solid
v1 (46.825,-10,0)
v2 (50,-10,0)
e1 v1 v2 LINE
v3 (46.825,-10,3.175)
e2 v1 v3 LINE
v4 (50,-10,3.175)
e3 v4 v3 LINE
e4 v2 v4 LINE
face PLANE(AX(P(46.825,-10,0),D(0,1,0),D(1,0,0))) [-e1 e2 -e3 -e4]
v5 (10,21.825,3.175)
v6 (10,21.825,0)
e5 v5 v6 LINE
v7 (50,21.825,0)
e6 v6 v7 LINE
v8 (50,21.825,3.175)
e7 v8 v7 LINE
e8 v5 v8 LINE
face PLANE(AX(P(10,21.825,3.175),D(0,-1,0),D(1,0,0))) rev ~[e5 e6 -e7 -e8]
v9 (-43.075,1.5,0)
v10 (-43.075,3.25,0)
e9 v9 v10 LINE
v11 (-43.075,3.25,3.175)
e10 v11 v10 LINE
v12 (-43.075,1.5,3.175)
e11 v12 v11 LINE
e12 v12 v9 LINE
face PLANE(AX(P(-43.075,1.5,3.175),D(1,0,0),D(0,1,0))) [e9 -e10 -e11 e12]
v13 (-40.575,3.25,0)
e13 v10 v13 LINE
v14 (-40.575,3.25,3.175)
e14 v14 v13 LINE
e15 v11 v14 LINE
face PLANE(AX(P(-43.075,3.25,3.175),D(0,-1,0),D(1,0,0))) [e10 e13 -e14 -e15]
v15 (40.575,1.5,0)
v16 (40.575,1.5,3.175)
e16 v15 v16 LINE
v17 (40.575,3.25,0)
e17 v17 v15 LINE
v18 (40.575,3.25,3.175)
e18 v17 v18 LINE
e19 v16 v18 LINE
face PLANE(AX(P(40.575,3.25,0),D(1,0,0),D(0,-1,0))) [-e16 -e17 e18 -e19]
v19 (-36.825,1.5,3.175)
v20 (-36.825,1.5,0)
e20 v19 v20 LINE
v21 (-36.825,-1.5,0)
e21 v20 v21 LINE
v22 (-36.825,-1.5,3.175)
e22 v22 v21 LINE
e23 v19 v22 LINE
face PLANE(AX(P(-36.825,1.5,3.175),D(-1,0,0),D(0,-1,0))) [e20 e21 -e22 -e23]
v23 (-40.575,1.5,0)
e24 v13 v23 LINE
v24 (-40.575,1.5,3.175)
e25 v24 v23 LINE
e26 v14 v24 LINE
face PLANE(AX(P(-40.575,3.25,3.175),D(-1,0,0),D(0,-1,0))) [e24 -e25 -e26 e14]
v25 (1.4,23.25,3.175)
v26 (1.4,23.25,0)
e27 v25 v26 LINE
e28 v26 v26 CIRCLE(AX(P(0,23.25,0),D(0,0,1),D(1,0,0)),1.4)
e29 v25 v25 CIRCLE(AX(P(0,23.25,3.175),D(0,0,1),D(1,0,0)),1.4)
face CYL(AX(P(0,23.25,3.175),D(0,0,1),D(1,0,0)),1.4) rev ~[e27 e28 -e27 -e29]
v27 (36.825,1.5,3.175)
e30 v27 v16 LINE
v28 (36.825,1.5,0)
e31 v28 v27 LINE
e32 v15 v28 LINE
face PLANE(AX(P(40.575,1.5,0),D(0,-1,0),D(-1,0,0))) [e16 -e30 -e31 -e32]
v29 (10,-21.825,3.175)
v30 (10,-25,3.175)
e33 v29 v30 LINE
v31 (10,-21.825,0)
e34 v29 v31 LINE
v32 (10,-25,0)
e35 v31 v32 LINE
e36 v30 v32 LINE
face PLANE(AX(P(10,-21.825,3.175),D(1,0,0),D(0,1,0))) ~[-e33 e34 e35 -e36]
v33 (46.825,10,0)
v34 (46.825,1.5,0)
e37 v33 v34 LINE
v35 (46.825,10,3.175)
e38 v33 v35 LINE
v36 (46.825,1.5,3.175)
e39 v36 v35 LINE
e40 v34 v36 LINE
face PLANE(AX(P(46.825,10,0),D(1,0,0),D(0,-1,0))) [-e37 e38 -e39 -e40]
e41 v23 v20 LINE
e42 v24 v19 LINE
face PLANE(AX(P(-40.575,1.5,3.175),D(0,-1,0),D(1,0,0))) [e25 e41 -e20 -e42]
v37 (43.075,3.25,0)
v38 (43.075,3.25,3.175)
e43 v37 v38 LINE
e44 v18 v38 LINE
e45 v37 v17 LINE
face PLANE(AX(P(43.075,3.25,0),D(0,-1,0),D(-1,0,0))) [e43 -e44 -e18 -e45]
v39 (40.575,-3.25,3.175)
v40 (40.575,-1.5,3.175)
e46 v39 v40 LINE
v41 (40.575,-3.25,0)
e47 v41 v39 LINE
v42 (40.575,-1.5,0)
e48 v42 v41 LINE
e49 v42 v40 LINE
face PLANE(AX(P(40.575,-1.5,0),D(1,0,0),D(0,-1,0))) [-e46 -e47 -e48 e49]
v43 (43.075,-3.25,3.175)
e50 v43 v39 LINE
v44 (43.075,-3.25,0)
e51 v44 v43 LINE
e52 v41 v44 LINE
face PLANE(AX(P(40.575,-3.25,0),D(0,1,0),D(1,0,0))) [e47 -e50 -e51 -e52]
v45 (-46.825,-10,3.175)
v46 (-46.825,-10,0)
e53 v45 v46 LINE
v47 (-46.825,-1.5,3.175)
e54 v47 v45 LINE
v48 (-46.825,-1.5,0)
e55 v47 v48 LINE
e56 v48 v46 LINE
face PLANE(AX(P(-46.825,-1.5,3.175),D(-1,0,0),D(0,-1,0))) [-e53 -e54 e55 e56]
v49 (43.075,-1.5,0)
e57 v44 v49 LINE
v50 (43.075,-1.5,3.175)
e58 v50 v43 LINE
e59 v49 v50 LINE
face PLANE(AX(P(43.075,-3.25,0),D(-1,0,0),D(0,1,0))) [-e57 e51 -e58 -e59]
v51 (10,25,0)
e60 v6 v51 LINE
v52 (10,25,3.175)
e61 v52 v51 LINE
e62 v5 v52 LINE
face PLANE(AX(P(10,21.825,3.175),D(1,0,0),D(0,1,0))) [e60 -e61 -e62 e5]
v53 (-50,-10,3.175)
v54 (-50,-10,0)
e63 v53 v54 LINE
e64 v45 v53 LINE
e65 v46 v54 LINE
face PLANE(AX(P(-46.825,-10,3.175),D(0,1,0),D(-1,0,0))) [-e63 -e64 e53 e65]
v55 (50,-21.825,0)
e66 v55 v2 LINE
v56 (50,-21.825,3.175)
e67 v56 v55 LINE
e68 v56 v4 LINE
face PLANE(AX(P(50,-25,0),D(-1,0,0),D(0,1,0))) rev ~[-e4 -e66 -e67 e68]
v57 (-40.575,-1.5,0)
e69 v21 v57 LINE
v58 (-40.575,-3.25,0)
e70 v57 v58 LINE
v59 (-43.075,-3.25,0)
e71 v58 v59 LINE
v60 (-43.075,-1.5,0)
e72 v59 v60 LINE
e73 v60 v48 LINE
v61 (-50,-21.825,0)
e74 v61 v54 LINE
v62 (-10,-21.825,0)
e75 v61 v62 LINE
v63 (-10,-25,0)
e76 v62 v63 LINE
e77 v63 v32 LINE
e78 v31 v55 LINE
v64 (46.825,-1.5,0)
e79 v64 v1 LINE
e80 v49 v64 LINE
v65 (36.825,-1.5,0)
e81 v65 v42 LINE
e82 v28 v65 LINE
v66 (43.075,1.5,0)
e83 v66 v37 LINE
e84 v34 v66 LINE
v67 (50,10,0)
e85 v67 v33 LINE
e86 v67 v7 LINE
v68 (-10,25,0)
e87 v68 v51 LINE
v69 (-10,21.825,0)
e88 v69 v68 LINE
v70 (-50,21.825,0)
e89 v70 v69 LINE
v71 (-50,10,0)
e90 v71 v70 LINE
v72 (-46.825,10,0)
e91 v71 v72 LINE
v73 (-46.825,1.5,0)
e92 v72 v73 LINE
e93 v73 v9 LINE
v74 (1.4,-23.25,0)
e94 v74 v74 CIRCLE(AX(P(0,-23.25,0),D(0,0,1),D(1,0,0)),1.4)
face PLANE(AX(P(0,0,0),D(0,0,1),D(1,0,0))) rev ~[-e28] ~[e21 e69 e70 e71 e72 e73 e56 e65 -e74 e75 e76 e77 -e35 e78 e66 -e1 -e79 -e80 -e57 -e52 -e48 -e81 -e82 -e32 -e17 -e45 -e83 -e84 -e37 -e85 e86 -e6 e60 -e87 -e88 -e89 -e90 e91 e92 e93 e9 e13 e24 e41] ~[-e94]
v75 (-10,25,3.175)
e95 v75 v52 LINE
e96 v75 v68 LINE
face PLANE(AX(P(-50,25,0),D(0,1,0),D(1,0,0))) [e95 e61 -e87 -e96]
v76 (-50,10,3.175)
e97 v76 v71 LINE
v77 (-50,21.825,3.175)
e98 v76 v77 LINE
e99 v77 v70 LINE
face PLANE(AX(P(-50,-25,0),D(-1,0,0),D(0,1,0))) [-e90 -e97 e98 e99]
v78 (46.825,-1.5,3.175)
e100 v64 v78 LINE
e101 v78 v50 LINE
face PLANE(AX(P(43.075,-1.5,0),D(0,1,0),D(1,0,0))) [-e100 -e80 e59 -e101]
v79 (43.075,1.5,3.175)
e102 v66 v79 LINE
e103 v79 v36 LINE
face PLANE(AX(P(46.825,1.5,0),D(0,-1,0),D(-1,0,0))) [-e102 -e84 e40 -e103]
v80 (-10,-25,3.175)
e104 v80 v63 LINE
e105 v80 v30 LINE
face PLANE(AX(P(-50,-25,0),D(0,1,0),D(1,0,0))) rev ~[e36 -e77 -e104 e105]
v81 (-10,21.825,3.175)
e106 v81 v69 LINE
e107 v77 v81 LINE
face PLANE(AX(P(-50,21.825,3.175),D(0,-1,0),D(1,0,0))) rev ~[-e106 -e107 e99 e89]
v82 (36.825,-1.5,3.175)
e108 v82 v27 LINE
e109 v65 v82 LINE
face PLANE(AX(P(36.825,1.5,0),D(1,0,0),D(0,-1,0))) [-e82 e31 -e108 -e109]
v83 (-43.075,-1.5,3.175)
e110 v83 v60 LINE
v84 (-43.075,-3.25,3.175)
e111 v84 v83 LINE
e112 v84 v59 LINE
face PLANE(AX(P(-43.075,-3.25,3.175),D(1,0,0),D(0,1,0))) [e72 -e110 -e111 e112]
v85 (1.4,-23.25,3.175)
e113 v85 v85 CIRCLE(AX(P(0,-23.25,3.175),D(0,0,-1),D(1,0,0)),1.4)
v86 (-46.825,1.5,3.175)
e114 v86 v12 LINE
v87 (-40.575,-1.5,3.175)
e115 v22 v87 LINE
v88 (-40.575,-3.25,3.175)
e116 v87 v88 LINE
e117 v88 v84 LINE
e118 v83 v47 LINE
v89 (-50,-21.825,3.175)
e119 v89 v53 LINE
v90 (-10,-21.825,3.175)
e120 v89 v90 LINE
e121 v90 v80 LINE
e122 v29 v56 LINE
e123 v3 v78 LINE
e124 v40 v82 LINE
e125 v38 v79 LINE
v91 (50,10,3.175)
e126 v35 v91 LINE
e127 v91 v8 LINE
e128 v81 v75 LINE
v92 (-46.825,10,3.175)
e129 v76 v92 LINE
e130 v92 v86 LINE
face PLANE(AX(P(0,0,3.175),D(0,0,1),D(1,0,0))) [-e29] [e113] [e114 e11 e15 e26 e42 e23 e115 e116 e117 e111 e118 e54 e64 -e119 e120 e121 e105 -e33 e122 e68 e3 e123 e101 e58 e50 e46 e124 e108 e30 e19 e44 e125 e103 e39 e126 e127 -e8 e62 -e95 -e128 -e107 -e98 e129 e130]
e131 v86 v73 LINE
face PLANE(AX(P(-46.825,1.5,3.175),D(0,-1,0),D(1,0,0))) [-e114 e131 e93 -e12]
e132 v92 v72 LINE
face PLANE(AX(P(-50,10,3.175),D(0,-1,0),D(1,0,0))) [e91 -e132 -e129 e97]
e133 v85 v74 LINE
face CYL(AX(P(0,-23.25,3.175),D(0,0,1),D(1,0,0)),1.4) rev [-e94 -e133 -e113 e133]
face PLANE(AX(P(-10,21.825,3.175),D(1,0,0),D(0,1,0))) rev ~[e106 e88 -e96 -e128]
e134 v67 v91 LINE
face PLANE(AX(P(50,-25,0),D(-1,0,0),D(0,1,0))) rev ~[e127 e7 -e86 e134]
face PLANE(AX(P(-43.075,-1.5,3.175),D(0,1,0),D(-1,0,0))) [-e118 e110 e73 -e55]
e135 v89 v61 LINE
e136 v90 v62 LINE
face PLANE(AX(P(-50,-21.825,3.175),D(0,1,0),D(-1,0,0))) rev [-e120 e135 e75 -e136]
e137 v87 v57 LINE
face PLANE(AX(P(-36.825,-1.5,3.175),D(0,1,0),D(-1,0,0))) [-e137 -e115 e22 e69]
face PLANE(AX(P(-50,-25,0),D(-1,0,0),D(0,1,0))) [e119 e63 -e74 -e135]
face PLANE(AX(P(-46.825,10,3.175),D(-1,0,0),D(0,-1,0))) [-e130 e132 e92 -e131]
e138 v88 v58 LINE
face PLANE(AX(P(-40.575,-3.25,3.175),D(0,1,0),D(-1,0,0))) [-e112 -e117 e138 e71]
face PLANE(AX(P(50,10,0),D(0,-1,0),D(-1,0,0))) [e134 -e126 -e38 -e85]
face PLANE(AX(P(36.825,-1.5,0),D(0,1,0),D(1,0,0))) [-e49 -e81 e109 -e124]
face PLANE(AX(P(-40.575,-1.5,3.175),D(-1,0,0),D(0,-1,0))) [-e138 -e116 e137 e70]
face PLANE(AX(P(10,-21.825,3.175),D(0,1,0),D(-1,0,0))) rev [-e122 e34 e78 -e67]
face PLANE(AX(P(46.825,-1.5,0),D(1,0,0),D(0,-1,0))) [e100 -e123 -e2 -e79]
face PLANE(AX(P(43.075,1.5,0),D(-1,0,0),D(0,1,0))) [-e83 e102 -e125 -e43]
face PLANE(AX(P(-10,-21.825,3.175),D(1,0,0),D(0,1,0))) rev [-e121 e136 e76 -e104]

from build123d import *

# Parameters (mm, degrees)
SKETCH1_W           = 100
SKETCH1_H           = 50
BOSS_EXTRUDE1_DEPTH = 3.175
SKETCH5_R           = 1.4
SKETCH5_W           = 40
SKETCH5_H           = 3.175
CUT_EXTRUDE1_DEPTH  = 4.175
T_CUT_DEPTH         = 4.175
T_CUT2_DEPTH        = 4.175


with BuildPart() as part:
    # Sketch1 → Boss-Extrude1 (new body)
    with BuildSketch(Plane.XY):
        Rectangle(SKETCH1_W, SKETCH1_H)
    extrude(amount=BOSS_EXTRUDE1_DEPTH)

    # Sketch5 → Cut-Extrude1 (cut, through all)
    with BuildSketch(Plane(origin=(-7.388521522, -2.556187212, 3.175), x_dir=(1, 0, 0), z_dir=(0, 0, 1))):
        with Locations((7.388521522, 25.806187212)):
            Circle(SKETCH5_R)
        with Locations((-22.611478478, 25.968687212)):
            Rectangle(SKETCH5_W, SKETCH5_H)
        with Locations((37.388521522, 25.968687212)):
            Rectangle(SKETCH5_W, SKETCH5_H)
    cut_extrude1 = extrude(amount=-CUT_EXTRUDE1_DEPTH, mode=Mode.SUBTRACT)

    # Mirror1: Cut-Extrude1 across plane
    add(cut_extrude1.mirror(Plane.ZX), mode=Mode.SUBTRACT)

    # Sketch3 → T Cut (cut, through all)
    with BuildSketch(Plane(origin=(2.435372351, -11.560763397, 0), x_dir=(-1, 0, 0), z_dir=(0, 0, -1))):
        Polygon((-47.564627649, 1.560763397), (-47.564627649, 21.560763397), (-44.389627649, 21.560763397), (-44.389627649, 13.060763397), (-40.639627649, 13.060763397), (-40.639627649, 14.810763397), (-38.139627649, 14.810763397), (-38.139627649, 13.060763397), (-34.389627649, 13.060763397), (-34.389627649, 10.060763397), (-38.139627649, 10.060763397), (-38.139627649, 8.310763397), (-40.639627649, 8.310763397), (-40.639627649, 10.060763397), (-44.389627649, 10.060763397), (-44.389627649, 1.560763397), align=None)
    extrude(amount=-T_CUT_DEPTH, mode=Mode.SUBTRACT)

    # Sketch32 → T Cut2 (cut, through all)
    with BuildSketch(Plane(origin=(-11.542281755, -7.322180687, 3.175), x_dir=(1, 0, 0), z_dir=(0, 0, 1))):
        Polygon((-38.457718245, -2.677819313), (-38.457718245, 17.322180687), (-35.282718245, 17.322180687), (-35.282718245, 8.822180687), (-31.532718245, 8.822180687), (-31.532718245, 10.572180687), (-29.032718245, 10.572180687), (-29.032718245, 8.822180687), (-25.282718245, 8.822180687), (-25.282718245, 5.822180687), (-29.032718245, 5.822180687), (-29.032718245, 4.072180687), (-31.532718245, 4.072180687), (-31.532718245, 5.822180687), (-35.282718245, 5.822180687), (-35.282718245, -2.677819313), align=None)
    extrude(amount=-T_CUT2_DEPTH, mode=Mode.SUBTRACT)


solid = part.part
